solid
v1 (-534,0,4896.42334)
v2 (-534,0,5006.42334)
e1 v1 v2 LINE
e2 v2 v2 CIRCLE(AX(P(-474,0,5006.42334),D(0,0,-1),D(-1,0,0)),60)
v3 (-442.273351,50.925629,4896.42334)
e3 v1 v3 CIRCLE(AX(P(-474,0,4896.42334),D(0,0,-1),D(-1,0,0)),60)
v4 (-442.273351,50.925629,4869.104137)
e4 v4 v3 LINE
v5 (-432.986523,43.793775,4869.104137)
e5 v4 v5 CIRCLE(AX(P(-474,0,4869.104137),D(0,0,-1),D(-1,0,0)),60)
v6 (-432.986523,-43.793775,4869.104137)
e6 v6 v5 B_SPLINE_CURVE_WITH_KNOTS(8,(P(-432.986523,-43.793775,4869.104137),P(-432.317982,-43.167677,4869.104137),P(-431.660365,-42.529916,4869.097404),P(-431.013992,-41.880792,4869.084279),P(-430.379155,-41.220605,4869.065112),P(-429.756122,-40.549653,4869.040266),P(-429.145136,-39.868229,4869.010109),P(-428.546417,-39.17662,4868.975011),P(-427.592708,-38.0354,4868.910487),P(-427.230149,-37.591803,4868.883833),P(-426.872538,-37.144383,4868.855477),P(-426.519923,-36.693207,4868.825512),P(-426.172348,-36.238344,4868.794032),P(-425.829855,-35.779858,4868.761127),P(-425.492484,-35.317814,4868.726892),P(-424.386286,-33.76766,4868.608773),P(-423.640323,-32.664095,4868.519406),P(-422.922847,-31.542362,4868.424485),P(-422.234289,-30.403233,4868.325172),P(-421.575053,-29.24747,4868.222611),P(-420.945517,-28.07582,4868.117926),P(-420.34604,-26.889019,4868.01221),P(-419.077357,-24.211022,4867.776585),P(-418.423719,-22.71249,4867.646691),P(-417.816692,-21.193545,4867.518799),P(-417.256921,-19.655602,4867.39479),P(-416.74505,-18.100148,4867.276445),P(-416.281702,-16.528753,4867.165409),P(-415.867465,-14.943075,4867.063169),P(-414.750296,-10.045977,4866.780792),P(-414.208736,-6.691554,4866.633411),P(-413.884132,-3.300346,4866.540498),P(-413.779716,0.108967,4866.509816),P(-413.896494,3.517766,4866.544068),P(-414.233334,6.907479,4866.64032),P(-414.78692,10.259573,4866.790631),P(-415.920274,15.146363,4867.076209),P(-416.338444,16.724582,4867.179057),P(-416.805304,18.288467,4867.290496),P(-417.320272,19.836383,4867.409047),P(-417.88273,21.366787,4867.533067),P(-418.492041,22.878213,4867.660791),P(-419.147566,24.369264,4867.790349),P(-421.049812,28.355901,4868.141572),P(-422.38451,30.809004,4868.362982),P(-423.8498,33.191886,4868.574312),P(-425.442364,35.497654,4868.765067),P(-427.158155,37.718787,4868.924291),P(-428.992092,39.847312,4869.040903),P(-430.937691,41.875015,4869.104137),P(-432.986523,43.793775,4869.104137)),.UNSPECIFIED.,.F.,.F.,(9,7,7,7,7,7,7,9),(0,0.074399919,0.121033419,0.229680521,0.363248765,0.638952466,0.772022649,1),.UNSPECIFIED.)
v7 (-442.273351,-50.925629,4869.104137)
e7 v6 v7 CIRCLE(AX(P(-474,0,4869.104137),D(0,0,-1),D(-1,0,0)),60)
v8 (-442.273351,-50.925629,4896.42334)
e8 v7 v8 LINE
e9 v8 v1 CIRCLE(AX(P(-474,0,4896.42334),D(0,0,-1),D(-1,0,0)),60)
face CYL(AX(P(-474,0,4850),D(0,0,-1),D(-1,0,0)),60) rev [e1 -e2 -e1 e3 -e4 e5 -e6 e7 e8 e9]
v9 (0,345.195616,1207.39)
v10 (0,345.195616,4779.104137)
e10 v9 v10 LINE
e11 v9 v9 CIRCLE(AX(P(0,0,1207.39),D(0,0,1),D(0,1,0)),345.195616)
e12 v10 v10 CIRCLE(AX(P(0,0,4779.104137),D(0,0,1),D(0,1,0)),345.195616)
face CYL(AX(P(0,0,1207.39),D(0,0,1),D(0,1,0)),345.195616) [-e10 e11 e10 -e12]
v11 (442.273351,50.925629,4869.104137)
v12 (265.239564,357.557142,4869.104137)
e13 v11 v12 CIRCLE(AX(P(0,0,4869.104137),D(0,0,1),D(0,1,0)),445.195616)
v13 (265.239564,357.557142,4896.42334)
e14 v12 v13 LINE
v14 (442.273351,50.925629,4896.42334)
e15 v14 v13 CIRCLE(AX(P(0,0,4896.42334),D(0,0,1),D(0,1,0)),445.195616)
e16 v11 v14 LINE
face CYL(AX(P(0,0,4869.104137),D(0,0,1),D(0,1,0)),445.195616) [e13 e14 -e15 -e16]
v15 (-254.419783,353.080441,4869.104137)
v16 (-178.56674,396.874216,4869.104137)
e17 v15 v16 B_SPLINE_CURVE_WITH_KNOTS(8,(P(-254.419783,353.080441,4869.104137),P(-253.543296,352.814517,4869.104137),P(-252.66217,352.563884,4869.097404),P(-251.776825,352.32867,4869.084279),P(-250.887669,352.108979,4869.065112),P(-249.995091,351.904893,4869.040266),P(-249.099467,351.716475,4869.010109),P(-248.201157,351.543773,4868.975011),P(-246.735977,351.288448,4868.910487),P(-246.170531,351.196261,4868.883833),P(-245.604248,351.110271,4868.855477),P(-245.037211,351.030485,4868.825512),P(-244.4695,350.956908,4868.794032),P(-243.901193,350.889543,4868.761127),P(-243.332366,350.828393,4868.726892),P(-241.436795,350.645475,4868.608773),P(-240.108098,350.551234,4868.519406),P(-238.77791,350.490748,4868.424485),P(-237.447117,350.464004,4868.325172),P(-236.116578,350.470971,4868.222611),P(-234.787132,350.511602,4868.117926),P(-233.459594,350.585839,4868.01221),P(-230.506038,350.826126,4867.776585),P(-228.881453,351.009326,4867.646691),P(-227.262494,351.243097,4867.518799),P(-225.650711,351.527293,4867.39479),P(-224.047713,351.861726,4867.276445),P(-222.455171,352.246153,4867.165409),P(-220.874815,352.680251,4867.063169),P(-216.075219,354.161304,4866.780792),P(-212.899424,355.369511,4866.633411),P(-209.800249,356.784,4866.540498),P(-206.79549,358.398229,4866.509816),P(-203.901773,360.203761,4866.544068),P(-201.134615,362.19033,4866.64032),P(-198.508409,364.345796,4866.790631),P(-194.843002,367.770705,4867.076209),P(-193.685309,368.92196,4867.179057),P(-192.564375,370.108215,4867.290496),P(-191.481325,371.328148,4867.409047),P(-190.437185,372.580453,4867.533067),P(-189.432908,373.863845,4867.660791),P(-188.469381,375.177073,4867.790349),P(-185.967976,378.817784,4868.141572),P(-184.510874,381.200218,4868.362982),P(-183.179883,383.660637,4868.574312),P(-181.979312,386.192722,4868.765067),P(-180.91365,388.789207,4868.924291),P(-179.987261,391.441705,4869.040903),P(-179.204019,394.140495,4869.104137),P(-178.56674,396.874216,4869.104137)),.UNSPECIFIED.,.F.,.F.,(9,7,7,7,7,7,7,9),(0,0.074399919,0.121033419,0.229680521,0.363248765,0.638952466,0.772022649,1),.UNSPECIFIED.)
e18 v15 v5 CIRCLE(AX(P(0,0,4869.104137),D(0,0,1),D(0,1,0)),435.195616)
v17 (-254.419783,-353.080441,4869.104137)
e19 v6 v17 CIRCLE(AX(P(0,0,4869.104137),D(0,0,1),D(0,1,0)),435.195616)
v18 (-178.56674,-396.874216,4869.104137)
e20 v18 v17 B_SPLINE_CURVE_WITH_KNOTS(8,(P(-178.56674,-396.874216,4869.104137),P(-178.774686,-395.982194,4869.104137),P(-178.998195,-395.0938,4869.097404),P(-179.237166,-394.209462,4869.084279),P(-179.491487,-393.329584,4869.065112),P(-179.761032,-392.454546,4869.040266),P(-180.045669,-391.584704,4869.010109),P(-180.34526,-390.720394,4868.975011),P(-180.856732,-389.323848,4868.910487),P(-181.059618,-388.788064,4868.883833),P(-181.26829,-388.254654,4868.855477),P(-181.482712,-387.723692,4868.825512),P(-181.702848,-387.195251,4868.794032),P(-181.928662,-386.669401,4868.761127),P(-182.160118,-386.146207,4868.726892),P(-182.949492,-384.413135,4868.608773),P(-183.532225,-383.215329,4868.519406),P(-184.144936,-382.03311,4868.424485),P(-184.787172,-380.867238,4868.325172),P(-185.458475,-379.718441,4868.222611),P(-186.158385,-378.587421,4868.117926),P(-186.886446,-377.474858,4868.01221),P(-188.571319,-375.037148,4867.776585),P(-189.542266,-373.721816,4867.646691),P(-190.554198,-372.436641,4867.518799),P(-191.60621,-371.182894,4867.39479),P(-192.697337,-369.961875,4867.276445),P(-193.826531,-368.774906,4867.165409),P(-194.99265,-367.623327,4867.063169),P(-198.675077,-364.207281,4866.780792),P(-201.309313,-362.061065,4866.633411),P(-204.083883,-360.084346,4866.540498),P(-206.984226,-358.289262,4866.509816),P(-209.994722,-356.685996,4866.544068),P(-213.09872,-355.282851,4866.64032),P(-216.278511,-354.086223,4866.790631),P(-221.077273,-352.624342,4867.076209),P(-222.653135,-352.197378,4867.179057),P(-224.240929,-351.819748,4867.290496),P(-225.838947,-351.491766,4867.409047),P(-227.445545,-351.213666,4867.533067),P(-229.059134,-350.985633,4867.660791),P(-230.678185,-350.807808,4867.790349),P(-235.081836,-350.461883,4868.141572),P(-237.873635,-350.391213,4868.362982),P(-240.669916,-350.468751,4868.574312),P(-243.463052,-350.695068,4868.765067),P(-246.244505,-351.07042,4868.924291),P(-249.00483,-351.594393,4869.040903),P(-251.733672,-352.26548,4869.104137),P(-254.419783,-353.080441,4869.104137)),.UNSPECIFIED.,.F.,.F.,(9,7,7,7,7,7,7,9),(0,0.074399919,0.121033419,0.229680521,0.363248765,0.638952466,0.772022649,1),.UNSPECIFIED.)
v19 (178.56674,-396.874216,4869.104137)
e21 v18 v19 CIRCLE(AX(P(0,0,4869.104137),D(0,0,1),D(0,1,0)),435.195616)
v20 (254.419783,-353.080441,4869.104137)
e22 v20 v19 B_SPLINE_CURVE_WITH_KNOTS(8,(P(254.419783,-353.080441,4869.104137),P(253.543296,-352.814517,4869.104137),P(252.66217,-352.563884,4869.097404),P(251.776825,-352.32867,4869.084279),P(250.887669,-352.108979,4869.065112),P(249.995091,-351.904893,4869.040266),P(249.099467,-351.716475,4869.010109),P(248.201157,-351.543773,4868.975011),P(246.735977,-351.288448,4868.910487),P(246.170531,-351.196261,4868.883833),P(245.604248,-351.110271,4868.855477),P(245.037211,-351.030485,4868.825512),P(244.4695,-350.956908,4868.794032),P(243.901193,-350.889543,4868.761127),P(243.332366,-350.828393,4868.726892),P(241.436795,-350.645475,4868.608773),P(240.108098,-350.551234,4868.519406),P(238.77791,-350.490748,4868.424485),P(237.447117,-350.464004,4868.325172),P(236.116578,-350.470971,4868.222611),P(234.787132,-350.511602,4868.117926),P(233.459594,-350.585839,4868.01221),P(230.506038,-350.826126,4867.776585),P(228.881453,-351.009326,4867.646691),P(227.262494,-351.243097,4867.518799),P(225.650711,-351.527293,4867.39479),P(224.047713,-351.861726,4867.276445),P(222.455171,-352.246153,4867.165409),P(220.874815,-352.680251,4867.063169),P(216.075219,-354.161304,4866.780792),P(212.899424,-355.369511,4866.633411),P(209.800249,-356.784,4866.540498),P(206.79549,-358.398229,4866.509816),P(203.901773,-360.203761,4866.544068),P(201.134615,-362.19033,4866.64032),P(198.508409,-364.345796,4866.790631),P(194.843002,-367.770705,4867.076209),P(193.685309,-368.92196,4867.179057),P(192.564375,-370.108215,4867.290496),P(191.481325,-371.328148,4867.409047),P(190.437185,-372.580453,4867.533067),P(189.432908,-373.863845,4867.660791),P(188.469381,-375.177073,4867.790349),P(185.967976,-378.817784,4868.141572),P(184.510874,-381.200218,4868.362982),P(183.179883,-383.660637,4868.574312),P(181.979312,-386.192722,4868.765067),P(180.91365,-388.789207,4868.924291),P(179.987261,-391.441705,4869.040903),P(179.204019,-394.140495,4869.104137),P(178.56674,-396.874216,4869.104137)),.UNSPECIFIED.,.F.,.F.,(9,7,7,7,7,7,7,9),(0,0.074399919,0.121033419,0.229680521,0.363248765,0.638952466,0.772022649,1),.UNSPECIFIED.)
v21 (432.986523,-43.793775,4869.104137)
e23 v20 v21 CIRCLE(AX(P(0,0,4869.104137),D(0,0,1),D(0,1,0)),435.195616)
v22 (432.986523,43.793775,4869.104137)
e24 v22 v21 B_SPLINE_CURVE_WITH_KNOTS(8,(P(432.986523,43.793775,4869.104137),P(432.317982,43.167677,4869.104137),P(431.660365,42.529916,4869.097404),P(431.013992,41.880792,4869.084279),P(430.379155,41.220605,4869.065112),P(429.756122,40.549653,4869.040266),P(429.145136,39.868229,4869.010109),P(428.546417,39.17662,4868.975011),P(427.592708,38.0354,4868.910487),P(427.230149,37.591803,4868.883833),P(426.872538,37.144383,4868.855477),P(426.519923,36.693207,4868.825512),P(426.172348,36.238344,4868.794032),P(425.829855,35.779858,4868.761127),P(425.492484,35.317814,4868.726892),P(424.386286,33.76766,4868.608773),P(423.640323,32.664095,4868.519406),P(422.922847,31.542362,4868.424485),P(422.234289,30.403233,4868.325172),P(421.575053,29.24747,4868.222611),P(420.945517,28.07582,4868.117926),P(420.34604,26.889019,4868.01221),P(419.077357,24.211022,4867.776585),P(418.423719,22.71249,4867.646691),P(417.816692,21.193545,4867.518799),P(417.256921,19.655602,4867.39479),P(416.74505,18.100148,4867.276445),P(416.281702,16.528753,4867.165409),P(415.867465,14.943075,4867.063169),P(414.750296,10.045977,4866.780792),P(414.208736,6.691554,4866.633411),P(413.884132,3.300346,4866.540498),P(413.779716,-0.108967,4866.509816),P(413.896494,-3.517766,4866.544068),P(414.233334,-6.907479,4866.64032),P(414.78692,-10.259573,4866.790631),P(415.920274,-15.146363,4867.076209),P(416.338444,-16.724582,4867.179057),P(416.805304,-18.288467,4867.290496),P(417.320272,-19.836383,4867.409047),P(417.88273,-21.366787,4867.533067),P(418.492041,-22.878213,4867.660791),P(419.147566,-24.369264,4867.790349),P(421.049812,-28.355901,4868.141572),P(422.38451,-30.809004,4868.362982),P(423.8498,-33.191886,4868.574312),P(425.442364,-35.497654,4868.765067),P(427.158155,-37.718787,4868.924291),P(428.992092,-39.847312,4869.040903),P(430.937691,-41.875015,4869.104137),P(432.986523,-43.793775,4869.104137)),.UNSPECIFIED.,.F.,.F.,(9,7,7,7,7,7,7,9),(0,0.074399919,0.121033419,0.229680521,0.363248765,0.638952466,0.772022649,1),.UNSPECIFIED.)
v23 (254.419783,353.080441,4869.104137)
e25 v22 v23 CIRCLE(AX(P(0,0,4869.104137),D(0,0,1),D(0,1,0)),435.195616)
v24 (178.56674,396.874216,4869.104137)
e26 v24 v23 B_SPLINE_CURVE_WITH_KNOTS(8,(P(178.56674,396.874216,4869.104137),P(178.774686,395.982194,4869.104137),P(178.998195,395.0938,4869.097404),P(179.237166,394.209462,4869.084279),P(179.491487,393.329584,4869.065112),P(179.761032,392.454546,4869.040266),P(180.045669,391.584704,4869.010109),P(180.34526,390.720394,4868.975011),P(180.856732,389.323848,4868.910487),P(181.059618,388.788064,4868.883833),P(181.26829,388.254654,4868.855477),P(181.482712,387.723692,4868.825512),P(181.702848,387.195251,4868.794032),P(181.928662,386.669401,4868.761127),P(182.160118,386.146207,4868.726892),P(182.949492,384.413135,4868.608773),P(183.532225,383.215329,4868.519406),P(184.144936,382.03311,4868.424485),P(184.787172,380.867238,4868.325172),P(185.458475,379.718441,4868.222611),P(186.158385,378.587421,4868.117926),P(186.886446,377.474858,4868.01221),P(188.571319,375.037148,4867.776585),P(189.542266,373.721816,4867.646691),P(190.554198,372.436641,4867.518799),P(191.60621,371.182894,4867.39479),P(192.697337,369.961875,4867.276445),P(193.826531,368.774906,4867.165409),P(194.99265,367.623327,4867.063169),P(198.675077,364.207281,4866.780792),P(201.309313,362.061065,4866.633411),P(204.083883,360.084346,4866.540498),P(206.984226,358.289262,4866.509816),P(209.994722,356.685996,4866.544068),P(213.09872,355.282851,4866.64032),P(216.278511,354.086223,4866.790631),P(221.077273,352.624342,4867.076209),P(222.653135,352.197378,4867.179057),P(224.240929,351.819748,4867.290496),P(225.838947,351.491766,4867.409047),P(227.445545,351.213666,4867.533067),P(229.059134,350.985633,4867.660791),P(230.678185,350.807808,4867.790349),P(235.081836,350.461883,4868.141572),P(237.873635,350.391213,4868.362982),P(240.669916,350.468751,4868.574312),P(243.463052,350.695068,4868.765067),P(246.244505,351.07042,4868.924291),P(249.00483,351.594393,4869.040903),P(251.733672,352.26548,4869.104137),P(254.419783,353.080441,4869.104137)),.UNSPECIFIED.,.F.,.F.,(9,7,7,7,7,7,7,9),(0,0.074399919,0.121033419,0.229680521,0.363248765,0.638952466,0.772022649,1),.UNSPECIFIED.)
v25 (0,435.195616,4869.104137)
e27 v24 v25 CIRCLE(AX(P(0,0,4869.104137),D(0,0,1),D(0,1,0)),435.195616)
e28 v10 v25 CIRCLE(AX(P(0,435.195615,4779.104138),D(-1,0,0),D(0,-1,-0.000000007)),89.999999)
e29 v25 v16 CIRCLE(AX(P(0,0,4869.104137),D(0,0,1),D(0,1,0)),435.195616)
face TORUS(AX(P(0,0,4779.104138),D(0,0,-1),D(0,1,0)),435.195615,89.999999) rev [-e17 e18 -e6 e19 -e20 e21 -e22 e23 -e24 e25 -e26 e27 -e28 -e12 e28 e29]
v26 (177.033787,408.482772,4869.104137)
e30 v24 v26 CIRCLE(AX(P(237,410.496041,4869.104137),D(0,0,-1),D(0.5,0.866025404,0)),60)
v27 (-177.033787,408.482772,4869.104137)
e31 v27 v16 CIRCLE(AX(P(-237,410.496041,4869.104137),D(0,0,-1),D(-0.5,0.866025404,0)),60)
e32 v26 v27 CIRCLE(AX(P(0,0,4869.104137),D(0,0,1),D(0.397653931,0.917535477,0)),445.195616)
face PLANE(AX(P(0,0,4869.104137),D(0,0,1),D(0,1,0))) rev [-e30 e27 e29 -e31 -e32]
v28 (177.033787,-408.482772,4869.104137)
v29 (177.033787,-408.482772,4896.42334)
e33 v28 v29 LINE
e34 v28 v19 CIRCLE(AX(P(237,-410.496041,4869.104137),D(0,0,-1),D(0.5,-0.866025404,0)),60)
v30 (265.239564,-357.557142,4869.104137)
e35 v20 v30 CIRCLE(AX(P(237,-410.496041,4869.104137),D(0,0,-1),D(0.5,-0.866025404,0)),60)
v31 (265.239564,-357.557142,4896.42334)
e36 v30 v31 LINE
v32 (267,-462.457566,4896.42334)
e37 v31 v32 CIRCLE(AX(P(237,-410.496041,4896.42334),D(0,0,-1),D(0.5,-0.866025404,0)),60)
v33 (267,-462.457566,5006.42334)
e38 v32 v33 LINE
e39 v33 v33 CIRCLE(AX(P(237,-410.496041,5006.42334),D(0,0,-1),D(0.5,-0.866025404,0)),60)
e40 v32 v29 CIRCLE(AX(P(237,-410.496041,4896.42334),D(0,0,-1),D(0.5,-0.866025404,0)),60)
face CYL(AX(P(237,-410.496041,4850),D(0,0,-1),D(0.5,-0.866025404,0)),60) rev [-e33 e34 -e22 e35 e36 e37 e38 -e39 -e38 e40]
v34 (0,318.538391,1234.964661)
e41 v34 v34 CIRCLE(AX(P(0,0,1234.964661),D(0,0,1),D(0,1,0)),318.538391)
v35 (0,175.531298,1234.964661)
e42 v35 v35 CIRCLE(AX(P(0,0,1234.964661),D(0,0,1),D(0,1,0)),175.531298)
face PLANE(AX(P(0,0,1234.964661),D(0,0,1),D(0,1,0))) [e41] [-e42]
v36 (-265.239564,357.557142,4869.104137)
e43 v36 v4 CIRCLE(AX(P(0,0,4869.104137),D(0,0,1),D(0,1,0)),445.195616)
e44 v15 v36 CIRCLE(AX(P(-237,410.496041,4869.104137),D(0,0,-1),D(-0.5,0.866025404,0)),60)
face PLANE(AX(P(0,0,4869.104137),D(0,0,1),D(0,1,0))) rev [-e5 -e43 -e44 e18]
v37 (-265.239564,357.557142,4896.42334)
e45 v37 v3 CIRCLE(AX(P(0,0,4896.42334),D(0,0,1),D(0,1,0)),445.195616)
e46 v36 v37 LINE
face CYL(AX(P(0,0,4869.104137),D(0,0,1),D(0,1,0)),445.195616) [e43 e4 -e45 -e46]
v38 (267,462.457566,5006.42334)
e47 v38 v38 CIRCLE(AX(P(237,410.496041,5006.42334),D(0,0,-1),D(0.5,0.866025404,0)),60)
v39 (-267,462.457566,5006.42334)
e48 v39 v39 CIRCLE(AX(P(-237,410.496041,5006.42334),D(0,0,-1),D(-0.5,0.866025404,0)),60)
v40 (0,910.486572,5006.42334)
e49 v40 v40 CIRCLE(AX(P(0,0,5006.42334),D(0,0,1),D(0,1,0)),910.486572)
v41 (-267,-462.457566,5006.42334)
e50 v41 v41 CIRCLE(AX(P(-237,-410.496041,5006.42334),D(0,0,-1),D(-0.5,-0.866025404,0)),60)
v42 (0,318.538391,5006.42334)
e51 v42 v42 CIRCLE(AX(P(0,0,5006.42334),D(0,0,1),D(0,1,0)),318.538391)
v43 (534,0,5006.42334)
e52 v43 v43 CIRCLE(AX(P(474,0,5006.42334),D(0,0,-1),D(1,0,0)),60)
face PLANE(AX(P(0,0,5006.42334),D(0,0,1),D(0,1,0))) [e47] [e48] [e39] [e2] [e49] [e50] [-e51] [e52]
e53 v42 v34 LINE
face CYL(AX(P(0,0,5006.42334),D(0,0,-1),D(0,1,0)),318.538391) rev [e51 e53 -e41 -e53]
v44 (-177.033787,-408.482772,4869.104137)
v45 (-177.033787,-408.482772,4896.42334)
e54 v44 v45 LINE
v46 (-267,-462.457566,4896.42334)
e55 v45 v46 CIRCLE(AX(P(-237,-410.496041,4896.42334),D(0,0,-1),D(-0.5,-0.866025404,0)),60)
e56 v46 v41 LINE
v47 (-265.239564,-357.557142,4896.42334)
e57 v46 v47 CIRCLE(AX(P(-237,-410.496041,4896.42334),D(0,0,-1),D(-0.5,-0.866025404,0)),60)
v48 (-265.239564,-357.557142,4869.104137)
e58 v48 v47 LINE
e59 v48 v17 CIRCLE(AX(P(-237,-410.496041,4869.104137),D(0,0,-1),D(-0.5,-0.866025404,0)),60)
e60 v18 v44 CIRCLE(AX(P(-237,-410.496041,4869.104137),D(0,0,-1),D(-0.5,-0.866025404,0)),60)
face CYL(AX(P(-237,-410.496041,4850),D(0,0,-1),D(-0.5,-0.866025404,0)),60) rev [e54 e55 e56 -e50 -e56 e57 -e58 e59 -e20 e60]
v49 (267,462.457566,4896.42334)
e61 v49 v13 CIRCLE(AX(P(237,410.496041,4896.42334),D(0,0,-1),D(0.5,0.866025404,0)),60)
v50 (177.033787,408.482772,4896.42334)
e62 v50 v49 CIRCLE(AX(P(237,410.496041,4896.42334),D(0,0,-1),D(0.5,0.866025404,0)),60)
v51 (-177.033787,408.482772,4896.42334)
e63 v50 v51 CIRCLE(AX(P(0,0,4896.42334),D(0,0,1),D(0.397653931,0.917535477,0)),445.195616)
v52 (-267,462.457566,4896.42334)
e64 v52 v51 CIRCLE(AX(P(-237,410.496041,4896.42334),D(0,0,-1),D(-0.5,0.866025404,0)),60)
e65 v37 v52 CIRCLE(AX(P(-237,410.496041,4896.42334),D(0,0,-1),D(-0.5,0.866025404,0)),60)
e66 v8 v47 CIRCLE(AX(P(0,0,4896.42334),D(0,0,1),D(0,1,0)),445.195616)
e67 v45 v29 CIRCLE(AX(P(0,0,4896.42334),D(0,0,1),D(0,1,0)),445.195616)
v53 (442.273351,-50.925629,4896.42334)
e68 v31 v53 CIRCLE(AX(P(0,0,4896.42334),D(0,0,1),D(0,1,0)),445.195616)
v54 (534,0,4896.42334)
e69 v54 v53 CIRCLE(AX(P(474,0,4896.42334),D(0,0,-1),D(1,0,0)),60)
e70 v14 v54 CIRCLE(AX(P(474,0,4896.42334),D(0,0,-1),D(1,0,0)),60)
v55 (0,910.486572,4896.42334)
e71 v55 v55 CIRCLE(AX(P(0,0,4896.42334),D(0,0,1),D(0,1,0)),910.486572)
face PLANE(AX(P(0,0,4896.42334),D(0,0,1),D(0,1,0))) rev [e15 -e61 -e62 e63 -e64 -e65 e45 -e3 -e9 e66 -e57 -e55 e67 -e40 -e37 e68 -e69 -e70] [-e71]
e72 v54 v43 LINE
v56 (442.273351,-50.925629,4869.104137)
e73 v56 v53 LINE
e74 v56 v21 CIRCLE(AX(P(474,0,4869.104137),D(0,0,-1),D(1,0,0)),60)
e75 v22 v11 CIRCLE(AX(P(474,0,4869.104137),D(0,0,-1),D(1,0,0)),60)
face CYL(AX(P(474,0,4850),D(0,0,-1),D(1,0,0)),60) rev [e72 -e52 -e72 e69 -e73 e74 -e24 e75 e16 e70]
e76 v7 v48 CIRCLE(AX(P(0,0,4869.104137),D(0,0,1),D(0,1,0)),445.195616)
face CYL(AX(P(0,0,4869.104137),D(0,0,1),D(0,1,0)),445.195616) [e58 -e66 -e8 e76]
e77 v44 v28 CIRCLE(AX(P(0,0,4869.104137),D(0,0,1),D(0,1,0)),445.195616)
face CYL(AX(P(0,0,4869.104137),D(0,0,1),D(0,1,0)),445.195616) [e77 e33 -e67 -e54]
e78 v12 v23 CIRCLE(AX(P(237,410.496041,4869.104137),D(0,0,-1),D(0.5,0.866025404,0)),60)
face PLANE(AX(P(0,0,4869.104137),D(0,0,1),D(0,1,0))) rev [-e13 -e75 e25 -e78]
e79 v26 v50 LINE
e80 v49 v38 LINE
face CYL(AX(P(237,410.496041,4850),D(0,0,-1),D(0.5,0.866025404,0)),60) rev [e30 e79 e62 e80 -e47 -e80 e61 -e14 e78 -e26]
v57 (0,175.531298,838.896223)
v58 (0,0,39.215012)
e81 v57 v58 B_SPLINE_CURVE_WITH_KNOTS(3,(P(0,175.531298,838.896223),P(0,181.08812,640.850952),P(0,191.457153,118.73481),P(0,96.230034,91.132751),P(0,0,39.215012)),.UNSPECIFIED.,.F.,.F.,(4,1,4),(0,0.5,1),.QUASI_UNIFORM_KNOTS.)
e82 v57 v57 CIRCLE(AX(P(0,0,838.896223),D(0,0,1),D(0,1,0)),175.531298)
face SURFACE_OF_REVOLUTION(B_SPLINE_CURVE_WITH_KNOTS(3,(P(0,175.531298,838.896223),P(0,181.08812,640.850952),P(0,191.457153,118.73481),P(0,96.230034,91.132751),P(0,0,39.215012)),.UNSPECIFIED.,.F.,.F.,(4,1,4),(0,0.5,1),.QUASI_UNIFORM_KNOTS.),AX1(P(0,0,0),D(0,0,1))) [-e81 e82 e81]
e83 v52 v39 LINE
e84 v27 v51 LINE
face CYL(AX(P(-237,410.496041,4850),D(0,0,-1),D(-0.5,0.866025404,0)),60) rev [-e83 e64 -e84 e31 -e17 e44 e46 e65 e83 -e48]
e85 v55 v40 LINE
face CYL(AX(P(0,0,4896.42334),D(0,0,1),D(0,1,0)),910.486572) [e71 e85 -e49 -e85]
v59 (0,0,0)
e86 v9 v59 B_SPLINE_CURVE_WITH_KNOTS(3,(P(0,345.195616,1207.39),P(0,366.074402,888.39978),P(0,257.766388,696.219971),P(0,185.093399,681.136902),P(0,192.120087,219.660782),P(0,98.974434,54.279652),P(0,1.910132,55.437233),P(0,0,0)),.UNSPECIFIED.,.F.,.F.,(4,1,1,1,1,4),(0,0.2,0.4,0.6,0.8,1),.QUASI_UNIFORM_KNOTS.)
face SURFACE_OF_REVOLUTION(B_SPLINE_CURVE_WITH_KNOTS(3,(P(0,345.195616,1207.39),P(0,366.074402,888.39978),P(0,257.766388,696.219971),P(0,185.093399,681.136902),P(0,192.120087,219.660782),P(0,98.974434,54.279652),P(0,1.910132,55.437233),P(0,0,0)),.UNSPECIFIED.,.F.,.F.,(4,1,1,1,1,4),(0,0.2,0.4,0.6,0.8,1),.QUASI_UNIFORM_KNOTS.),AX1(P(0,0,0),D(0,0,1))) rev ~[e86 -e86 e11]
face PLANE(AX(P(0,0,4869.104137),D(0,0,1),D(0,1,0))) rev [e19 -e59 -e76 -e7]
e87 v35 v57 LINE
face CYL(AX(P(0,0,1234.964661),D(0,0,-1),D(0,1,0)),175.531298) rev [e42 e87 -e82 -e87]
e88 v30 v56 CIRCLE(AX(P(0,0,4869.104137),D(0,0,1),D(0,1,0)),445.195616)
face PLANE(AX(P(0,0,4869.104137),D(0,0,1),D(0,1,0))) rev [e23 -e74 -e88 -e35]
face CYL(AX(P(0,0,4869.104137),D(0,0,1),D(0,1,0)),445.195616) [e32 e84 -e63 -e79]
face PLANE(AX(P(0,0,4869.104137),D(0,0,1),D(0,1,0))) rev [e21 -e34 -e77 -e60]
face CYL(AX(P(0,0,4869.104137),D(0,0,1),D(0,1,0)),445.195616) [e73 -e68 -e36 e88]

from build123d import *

# Parameters (mm, degrees)
CYLINDER_R     = 60
CYLINDER_DEPTH = 200
ARRAY_COUNT    = 6


with BuildPart() as array:
    # Cylinder → Cylinder (new body)
    with BuildSketch(Plane(origin=(474, 0, 4850), x_dir=(1, 0, 0), z_dir=(0, 0, 1))):
        Circle(CYLINDER_R)
    extrude(amount=CYLINDER_DEPTH)

    # Array: Array ×6 about axis
    array_axis = Axis((0, 0, 0), (0, 0, 1))


with BuildPart() as array_1:
    add(array.part)
    for i in range(1, ARRAY_COUNT):
        add(array.part.rotate(array_axis, i * 360 / ARRAY_COUNT))


with BuildPart() as cut:
    # Sketch001 → Revolve (revolve)
    with BuildSketch(Plane.YZ):
        with BuildLine():
            Line((175.531298, 1234.964661), (175.531298, 838.896223))
            add(Edge.make_bspline(
                [(175.531298, 838.896223), (181.08812, 640.850952), (191.457153, 118.73481), (96.230034, 91.132751), (0, 39.215012)],
                knots=[0, 0, 0, 0, 0.5, 1, 1, 1, 1], degree=3))
            Line((0, 39.215012), (0, 0))
            add(Edge.make_bspline(
                [(345.195616, 1207.39), (366.074402, 888.39978), (257.766388, 696.219971), (185.093399, 681.136902), (192.120087, 219.660782), (98.974434, 54.279652), (1.910132, 55.437233), (0, 0)],
                knots=[0, 0, 0, 0, 0.2, 0.4, 0.6, 0.8, 1, 1, 1, 1], degree=3))
            Line((345.195616, 1207.39), (345.195616, 4779.104137))
            ThreePointArc((345.195616, 4779.104137), (371.556006, 4842.743748), (435.195616, 4869.104137))
            Line((435.195616, 4869.104137), (445.195616, 4869.104137))
            Line((445.195616, 4869.104137), (445.195616, 4896.42334))
            Line((445.195616, 4896.42334), (910.486572, 4896.42334))
            Line((910.486572, 4896.42334), (910.486572, 5006.42334))
            Line((910.486572, 5006.42334), (318.538391, 5006.42334))
            Line((318.538391, 5006.42334), (318.538391, 1234.964661))
            Line((318.538391, 1234.964661), (175.531298, 1234.964661))
        make_face()
    revolve(axis=Axis((0, 0, 0), (0, 0, 1)))

    # Cut: cut Array
    add(array_1.part, mode=Mode.SUBTRACT)


solid = cut.part
